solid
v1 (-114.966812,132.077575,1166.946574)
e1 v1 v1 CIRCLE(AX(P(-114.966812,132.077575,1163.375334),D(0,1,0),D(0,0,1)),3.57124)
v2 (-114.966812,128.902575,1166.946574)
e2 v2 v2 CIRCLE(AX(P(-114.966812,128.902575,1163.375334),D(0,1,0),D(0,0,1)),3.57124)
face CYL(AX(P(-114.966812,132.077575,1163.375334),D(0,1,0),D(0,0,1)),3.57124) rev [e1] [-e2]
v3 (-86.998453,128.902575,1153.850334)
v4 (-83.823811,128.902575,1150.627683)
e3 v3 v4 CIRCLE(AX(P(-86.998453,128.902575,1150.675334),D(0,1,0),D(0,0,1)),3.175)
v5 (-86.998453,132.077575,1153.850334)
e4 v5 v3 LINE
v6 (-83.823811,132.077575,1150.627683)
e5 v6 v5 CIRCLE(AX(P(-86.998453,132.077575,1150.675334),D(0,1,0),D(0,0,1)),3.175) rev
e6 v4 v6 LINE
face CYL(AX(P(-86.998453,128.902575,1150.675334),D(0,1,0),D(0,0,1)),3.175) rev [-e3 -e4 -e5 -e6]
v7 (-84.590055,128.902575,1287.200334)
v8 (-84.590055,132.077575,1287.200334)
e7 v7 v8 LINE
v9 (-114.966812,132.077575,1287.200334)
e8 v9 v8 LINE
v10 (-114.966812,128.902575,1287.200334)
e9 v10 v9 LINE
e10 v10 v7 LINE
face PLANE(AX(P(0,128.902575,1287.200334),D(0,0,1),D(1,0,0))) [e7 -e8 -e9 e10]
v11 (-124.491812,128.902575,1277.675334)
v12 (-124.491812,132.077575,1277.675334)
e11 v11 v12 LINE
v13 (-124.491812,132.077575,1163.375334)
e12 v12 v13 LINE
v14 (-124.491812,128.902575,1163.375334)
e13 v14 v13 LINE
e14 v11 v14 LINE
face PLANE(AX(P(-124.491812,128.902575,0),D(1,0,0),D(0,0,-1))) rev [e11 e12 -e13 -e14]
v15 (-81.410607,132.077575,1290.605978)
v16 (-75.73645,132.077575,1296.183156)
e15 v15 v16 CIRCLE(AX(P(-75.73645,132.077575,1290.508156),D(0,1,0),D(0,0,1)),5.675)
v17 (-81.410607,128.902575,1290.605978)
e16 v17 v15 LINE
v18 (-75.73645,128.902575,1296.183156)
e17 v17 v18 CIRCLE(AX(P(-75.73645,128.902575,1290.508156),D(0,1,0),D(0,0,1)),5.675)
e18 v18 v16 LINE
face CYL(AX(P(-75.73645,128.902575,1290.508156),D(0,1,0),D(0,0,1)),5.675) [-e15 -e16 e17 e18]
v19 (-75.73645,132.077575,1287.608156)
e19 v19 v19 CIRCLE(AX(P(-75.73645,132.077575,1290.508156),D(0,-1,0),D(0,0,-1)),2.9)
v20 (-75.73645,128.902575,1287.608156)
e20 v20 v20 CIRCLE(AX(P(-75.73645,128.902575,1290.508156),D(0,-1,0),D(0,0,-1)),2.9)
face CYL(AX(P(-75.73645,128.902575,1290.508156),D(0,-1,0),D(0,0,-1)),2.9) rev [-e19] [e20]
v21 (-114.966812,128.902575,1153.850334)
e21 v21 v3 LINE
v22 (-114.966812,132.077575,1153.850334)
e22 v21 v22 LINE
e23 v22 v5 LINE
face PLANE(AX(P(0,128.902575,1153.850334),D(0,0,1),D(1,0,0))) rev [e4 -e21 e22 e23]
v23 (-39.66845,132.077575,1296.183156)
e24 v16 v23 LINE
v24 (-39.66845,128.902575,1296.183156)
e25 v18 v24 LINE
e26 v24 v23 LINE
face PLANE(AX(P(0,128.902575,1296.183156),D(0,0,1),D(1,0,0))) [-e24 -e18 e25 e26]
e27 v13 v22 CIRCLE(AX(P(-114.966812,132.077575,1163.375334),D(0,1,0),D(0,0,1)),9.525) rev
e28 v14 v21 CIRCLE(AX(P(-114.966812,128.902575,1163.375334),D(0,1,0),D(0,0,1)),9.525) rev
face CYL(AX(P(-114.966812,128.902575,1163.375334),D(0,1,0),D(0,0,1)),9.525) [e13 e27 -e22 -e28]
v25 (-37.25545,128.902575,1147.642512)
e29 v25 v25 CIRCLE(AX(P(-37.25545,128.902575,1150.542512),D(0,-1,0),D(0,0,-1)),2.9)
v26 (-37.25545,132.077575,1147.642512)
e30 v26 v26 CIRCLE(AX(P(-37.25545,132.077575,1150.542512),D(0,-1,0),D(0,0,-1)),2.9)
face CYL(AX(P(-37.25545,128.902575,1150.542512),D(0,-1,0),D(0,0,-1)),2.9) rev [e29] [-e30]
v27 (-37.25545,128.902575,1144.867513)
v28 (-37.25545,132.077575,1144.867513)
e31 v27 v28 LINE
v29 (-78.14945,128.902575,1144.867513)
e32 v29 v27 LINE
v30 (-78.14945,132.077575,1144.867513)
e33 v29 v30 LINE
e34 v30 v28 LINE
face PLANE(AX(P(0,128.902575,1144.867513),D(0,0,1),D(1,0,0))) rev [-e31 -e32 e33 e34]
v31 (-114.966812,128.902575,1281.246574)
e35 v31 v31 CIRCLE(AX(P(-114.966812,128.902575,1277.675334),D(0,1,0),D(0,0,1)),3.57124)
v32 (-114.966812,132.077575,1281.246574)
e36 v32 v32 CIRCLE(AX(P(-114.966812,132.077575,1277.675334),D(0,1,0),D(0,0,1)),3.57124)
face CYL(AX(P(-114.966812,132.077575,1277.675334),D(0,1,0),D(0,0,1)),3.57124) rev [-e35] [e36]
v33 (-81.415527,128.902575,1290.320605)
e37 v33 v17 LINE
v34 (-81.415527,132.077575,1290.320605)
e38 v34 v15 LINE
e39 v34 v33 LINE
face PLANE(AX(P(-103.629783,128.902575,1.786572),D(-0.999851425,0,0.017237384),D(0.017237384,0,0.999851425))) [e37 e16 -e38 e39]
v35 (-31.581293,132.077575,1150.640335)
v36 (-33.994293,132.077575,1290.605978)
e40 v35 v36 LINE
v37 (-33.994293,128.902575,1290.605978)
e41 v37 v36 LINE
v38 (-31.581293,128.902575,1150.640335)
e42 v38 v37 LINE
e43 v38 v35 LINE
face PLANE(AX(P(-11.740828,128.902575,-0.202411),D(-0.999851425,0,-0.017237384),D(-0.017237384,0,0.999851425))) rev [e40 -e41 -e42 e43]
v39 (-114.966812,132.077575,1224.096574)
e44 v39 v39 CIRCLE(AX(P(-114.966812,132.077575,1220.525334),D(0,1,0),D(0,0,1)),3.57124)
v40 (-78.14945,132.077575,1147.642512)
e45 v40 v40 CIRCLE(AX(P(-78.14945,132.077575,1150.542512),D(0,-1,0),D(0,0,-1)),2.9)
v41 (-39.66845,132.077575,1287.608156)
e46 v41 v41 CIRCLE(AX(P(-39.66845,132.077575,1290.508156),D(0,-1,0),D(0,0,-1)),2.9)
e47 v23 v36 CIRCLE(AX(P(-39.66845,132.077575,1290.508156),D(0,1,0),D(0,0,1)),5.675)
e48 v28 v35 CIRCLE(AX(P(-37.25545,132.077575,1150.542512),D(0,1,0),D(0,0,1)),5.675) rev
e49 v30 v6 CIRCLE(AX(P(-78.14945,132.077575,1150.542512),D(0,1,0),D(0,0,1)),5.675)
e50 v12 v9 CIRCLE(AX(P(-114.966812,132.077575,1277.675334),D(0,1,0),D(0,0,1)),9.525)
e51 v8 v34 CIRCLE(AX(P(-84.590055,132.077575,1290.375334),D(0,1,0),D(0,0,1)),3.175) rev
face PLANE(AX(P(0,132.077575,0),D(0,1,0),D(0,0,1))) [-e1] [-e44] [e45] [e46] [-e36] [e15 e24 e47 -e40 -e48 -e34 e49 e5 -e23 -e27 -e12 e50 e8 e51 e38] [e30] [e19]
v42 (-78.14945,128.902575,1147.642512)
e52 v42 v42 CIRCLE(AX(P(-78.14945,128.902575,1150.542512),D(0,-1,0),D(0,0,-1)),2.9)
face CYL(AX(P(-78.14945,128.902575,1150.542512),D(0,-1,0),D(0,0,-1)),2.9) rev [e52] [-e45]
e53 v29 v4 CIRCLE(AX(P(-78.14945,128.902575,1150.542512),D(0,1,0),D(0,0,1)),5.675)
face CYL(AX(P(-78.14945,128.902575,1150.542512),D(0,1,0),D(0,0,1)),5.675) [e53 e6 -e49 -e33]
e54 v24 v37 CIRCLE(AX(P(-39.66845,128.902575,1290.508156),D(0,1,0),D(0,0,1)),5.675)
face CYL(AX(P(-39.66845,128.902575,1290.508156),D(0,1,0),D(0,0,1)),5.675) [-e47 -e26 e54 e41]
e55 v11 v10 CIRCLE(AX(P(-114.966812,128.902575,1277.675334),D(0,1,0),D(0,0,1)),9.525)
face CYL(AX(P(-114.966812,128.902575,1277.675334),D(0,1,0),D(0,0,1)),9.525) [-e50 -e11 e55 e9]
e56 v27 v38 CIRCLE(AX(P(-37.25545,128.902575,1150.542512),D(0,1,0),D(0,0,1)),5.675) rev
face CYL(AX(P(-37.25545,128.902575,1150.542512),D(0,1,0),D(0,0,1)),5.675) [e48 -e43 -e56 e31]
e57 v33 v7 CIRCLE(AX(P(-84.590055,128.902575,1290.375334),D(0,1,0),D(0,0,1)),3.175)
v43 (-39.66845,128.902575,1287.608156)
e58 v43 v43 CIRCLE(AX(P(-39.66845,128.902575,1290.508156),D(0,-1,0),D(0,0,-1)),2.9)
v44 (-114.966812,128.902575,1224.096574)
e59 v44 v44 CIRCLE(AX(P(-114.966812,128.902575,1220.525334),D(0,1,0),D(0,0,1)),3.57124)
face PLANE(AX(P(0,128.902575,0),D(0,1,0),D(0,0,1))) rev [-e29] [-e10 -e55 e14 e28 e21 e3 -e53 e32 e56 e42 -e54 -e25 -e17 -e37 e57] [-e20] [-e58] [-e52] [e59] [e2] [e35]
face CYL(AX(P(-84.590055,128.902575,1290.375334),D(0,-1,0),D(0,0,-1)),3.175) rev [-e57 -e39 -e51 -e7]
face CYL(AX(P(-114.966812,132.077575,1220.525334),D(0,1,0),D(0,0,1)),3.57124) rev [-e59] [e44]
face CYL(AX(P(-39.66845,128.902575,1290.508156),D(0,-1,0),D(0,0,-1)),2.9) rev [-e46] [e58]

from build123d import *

# Parameters (mm, degrees)
BOSS_EXTRUDE1_START     = -12.827
BOSS_EXTRUDE1_DEPTH     = 3.175
M5_CLEARANCE_HOLE1_D    = 5.8
F_1_4_CLEARANCE_HOLE1_D = 7.14248
FILLET1_R               = 3.175


with BuildPart() as part:
    # Sketch1 → Boss-Extrude1 (new body)
    with BuildSketch(Plane(origin=(0, 144.904574554, 0), x_dir=(1, 0, 0), z_dir=(0, 1, 0)).offset(BOSS_EXTRUDE1_START)):
        with BuildLine():
            Line((-78.14945, -1144.867512521), (-37.25545, -1144.867512521))
            ThreePointArc((-37.25545, -1144.867512521), (-33.208181466, -1146.564417216), (-31.581293209, -1150.640334625))
            Line((-31.581293209, -1150.640334625), (-33.994293209, -1290.605977985))
            ThreePointArc((-33.994293209, -1290.605977985), (-35.690354742, -1294.555424368), (-39.66845, -1296.183155787))
            Line((-39.66845, -1296.183155787), (-75.73645, -1296.183155787))
            ThreePointArc((-75.73645, -1296.183155787), (-79.714545258, -1294.555424368), (-81.410606791, -1290.605977985))
            Line((-81.410606791, -1290.605977985), (-81.469319904, -1287.200334154))
            Line((-81.469319904, -1287.200334154), (-114.966812484, -1287.200334154))
            ThreePointArc((-114.966812484, -1287.200334154), (-121.702004575, -1284.410526245), (-124.491812484, -1277.675334154))
            Line((-124.491812484, -1277.675334154), (-124.491812484, -1220.525334154))
            Line((-124.491812484, -1220.525334154), (-124.491812484, -1163.375334154))
            ThreePointArc((-124.491812484, -1163.375334154), (-121.702004575, -1156.640142063), (-114.966812484, -1153.850334154))
            Line((-114.966812484, -1153.850334154), (-83.768266576, -1153.850334154))
            Line((-83.768266576, -1153.850334154), (-83.823606791, -1150.640334625))
            ThreePointArc((-83.823606791, -1150.640334625), (-82.196718534, -1146.564417216), (-78.14945, -1144.867512521))
        make_face()
    extrude(amount=-BOSS_EXTRUDE1_DEPTH)

    # M5 Clearance Hole1 (through all)
    with Locations(Plane(origin=(0, 128.902574554, 0), x_dir=(-1, 0, 0), z_dir=(0, -1, 0))):
        with Locations((39.66845, -1290.508155834), (75.73645, -1290.508155834), (37.25545, -1150.542512474), (78.14945, -1150.542512474)):
            Hole(M5_CLEARANCE_HOLE1_D / 2)

    # 1/4 Clearance Hole1 (through all)
    with Locations(Plane(origin=(0, 132.077574554, 0), x_dir=(1, 0, 0), z_dir=(0, 1, 0))):
        with Locations((-0.438087516, -1163.375334154), (-0.438087516, -1220.525334154), (-0.438087516, -1277.675334154), (-114.966812484, -1163.375334154), (-114.966812484, -1220.525334154), (-114.966812484, -1277.675334154)):
            Hole(F_1_4_CLEARANCE_HOLE1_D / 2)

    # Fillet1
    fillet1_edges = [part.edges().sort_by_distance(p)[0] for p in [
        (-81.469319904, 130.490074554, 1287.200334154),
        (-83.768266576, 130.490074554, 1153.850334154),
    ]]
    fillet(fillet1_edges, radius=FILLET1_R)


solid = part.part
